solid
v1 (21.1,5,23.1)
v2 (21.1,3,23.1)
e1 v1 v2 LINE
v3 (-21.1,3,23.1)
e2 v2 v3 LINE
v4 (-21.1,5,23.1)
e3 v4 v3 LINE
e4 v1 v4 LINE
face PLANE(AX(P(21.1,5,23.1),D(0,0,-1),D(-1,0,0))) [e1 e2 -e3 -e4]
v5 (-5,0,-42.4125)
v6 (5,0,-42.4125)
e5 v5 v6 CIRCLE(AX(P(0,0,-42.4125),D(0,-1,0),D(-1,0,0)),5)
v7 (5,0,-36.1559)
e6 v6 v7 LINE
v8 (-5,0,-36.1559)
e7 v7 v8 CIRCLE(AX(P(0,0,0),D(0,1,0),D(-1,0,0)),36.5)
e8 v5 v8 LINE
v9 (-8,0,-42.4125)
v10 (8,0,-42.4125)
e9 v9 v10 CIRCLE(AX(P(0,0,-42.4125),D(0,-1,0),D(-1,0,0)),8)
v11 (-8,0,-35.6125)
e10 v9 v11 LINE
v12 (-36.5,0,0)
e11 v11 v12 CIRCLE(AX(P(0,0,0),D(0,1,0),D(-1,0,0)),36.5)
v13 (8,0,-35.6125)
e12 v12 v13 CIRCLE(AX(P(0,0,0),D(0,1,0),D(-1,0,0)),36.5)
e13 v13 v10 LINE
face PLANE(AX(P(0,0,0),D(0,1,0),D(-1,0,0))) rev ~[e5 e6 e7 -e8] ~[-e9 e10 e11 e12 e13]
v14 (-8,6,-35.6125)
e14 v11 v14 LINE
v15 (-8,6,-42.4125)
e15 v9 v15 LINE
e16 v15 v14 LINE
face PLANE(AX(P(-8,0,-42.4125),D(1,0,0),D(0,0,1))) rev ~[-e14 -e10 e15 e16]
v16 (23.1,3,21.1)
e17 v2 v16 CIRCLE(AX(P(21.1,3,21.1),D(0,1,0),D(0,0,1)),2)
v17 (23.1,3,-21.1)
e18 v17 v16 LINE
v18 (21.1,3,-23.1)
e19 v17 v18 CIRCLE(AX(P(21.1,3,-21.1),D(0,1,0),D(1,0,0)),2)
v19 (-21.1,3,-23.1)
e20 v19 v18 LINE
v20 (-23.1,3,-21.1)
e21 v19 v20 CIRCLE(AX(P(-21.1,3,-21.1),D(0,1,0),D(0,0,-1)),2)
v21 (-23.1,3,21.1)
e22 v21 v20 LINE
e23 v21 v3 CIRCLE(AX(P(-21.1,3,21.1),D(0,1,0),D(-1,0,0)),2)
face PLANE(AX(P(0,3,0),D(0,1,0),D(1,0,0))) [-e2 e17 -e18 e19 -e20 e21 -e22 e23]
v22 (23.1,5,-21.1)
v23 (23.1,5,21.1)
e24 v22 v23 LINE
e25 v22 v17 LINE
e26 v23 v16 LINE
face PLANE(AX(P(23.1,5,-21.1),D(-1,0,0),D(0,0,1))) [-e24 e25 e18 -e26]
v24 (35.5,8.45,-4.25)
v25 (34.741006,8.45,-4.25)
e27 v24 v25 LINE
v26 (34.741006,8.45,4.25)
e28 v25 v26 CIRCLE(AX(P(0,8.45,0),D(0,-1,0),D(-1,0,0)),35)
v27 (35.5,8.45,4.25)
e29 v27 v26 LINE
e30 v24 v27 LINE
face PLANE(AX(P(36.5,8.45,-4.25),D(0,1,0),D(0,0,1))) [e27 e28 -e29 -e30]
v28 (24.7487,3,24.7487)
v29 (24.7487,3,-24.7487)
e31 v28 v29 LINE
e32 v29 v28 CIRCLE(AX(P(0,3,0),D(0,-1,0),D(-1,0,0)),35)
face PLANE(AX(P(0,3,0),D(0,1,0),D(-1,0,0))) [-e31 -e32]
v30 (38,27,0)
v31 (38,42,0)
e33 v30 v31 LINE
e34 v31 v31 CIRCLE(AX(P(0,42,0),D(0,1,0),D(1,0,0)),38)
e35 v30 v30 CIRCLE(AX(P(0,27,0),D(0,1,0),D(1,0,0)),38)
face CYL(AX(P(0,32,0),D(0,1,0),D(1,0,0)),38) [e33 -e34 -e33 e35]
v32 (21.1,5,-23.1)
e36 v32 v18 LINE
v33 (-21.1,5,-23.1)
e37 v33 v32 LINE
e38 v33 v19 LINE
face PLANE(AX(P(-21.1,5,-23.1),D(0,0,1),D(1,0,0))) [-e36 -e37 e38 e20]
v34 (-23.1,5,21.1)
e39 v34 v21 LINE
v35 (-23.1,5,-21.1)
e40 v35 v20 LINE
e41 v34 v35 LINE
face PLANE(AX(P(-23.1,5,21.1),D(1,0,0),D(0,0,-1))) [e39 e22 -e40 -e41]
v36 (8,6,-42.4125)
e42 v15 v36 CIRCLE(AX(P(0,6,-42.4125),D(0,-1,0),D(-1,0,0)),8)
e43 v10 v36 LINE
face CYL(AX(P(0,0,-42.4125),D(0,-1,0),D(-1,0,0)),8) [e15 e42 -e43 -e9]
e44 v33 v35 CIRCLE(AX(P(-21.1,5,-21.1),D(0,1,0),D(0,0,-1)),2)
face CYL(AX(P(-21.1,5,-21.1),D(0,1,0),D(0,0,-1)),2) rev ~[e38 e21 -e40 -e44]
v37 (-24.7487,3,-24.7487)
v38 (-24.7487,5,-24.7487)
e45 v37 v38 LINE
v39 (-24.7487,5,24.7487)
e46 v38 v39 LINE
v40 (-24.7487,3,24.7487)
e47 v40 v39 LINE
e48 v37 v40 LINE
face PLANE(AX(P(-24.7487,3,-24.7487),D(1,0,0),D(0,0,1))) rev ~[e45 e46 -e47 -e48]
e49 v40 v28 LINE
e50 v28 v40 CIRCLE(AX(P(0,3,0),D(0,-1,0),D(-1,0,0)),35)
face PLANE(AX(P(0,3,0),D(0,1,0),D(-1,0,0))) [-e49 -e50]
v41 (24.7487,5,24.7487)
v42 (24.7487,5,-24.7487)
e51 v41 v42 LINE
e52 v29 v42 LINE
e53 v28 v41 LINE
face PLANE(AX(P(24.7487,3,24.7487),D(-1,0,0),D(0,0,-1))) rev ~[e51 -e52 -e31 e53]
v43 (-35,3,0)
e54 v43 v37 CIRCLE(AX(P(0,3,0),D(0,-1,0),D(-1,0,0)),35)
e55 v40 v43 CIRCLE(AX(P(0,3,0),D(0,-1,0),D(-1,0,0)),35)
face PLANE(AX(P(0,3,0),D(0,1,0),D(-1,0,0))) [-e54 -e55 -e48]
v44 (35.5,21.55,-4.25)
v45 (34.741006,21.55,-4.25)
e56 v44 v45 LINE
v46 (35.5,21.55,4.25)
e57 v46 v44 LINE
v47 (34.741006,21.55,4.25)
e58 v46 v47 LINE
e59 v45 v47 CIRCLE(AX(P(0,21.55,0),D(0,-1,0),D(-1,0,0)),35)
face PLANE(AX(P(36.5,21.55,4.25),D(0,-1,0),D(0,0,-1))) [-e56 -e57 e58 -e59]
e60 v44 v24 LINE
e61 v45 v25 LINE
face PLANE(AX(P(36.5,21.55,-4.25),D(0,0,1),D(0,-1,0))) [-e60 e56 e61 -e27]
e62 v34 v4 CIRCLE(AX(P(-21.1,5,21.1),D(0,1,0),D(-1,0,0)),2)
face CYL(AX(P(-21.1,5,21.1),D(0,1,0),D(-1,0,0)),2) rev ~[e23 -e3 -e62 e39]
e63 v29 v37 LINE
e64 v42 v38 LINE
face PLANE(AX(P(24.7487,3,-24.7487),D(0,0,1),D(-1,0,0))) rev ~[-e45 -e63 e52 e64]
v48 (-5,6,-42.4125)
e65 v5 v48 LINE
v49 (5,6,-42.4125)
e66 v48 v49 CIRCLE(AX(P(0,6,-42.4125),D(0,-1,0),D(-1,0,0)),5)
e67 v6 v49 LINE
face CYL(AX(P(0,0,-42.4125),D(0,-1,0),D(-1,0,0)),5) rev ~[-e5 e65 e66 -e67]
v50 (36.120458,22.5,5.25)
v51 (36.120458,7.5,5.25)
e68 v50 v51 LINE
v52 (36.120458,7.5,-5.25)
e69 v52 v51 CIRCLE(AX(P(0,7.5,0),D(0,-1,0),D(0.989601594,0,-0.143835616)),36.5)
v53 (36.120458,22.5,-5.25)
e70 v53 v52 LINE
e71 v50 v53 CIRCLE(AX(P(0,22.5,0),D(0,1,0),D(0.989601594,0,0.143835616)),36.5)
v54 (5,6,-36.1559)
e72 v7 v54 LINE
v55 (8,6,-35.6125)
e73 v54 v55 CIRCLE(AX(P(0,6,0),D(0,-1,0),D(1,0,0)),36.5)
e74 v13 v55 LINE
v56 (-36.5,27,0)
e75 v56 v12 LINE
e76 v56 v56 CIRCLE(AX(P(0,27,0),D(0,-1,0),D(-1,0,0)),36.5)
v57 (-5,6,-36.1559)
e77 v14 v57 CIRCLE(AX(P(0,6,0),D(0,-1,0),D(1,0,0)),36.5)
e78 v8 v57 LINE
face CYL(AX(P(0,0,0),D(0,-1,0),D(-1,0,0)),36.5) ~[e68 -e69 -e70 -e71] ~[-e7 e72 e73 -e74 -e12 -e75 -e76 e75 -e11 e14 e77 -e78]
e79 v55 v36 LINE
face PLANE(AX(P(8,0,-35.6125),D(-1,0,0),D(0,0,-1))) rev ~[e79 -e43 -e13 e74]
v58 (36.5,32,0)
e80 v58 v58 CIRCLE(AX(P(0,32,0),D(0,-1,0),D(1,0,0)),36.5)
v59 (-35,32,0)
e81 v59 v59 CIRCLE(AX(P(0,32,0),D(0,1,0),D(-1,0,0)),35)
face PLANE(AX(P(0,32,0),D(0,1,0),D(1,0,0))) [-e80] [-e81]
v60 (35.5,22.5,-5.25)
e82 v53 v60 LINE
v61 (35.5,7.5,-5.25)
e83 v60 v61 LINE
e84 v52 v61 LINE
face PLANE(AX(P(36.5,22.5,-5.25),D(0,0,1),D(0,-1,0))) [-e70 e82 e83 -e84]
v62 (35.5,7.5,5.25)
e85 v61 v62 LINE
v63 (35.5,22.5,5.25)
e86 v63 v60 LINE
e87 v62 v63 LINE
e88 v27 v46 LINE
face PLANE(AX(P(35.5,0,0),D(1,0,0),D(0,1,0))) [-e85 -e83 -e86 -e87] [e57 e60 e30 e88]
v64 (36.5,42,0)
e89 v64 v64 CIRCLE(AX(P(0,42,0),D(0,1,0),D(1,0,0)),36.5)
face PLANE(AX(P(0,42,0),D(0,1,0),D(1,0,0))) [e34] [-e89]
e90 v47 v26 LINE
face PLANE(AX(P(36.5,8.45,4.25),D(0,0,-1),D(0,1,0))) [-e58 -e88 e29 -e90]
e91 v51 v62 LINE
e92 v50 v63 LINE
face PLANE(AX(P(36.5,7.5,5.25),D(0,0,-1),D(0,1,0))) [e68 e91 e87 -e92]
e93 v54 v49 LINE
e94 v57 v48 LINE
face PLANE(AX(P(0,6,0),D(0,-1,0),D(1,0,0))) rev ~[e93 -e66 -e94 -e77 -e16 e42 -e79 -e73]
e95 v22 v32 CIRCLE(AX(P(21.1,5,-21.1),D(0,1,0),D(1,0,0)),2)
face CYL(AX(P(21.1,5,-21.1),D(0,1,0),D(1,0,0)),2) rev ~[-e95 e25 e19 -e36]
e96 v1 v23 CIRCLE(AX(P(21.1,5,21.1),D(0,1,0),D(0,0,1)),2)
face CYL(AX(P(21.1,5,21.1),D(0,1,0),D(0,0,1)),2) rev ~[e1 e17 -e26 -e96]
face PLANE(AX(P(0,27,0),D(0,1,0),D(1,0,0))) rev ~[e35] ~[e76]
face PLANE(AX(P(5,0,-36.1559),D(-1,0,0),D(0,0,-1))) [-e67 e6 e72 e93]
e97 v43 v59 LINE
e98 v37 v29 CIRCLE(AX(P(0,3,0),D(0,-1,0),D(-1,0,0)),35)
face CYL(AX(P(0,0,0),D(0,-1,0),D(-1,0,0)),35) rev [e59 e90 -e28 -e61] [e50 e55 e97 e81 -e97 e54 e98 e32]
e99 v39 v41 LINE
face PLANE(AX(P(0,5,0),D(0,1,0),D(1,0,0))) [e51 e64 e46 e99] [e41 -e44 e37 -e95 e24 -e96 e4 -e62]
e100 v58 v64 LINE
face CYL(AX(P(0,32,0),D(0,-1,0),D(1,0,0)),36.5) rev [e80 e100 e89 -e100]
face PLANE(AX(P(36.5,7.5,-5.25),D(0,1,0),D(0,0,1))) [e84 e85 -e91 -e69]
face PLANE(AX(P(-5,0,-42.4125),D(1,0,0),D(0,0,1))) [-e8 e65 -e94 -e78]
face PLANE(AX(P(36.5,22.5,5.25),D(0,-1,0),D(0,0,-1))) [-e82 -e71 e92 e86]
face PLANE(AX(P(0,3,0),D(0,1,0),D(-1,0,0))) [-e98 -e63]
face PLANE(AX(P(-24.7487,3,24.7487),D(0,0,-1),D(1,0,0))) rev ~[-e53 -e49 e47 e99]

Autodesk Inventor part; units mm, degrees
sketch "Sketch1" plane through (0, 0, 0) normal (0, 1, 0) x (-1, 0, 0)
  circle A0 centre (0, 0) radius 36.5
  circle A1 centre (0, 0) radius 35
  dimension "d0" = 73
  dimension "d1" = 70
extrude "Extrusion1" add sketch "Sketch1" along normal blind 3 contours A0 | A1
extrude "Extrusion2" add sketch "Sketch1" along normal blind 120
sketch "Sketch2" plane through (0, 3, 0) normal (0, 1, 0) x (1, 0, 0)
  circle A0 centre (0, 0) radius 35 projected
  line L0 (-24.7487, -24.7487) -> (24.7487, -24.7487)
  line L1 (24.7487, -24.7487) -> (24.7487, 24.7487)
  line L2 (24.7487, 24.7487) -> (-24.7487, 24.7487)
  line L3 (-24.7487, 24.7487) -> (-24.7487, -24.7487)
  line L4 (-24.7487, -24.7487) -> (24.7487, 24.7487) construction
  line L5 (24.7487, -24.7487) -> (-24.7487, 24.7487) construction
extrude "Extrusion3" add sketch "Sketch2" along normal blind 2 contours L1 L0 L3 L2
sketch "Sketch3" plane through (0, 5, 0) normal (0, 1, 0) x (1, 0, 0)
  line L0 (21.1, -23.1) -> (-21.1, -23.1)
  line L1 (-23.1, -21.1) -> (-23.1, 21.1)
  line L2 (-21.1, 23.1) -> (21.1, 23.1)
  line L3 (23.1, 21.1) -> (23.1, -21.1)
  line L4 (23.1, -23.1) -> (-23.1, 23.1) construction
  line L5 (-23.1, -23.1) -> (23.1, 23.1) construction
  arc A0 (-23.1, -21.1) -> (-21.1, -23.1) centre (-21.1, -21.1) ccw
  arc A1 (21.1, -23.1) -> (23.1, -21.1) centre (21.1, -21.1) ccw
  arc A2 (23.1, 21.1) -> (21.1, 23.1) centre (21.1, 21.1) ccw
  arc A3 (-21.1, 23.1) -> (-23.1, 21.1) centre (-21.1, 21.1) ccw
  point P0 (0, 0)
  dimension "d11" = 46.2
  dimension "d12" = 46.2
  dimension "d13" = 2
extrude "Extrusion4" cut sketch "Sketch3" against normal blind 2
sketch "Sketch4" plane through (0, 0, 0) normal (1, 0, 0) x (0, 1, 0)
  line L0 (120, 35) -> (120, -35) projected
  line L1 (120, 0) -> (120, -19.5)
  line L2 (120, -19.5) -> (120, -27)
  circle A0 centre (120, -27) radius 9
  point P0 (0, 0)
  dimension "d16" = 19.5
  dimension "d17" = 7.5
  dimension "d18" = 18
extrude "Extrusion5" cut sketch "Sketch4" along normal through all
sketch "Sketch5" plane through (0, 0, 0) normal (0, -1, 0) x (1, 0, 0)
  line L0 (5, -36.1559) -> (5, -42.4125)
  line L1 (5, -42.4125) -> (-5, -42.4125)
  line L2 (-5, -42.4125) -> (-5, -36.1559)
  line L3 (-5, -30.5875) -> (5, -42.4125) construction
  line L4 (5, -30.5875) -> (-5, -42.4125) construction
  circle A0 centre (0, 0) radius 36.5 projected
  line L5 (8, -35.6125) -> (8, -42.4125)
  line L6 (8, -42.4125) -> (-8, -42.4125)
  line L7 (-8, -42.4125) -> (-8, -35.6125)
  line L8 (-8, -30.5875) -> (8, -42.4125) construction
  line L9 (8, -30.5875) -> (-8, -42.4125) construction
  circle A1 centre (0, 0) radius 36.5
  arc A2 (5, -36.1675) -> (4.9876, -36.1576) centre (0, -42.4125) ccw
  arc A3 (-4.9876, -36.1576) -> (-5, -36.1675) centre (0, -42.4125) ccw
  arc A4 (-8, -42.4125) -> (8, -42.4125) centre (0, -42.4125) ccw
  arc A5 (-5, -42.4125) -> (5, -42.4125) centre (0, -42.4125) ccw
  point P0 (0, -36.5)
  dimension "d21" = 10
  dimension "d22" = 36.5
  dimension "d23" = 16
extrude "Extrusion6" add sketch "Sketch5" against normal blind 6 contours A0 L5 L6 L0 | L6 A4 A5 | L6 L7 A0 L2
ref_plane "Work Plane2" through (36.5, 0, 0) normal (1, 0, 0) x (0, 1, 0)
sketch "Sketch8" plane through (36.5, 0, 0) normal (1, 0, 0) x (0, 1, 0)
  line L0 (8.45, 4.25) -> (21.55, 4.25)
  line L1 (21.55, 4.25) -> (21.55, -4.25)
  line L2 (21.55, -4.25) -> (8.45, -4.25)
  line L3 (8.45, -4.25) -> (8.45, 4.25)
  line L4 (8.45, 4.25) -> (21.55, -4.25) construction
  line L5 (21.55, 4.25) -> (8.45, -4.25) construction
  line L6 (7.5, 5.25) -> (22.5, 5.25)
  line L7 (22.5, 5.25) -> (22.5, -5.25)
  line L8 (22.5, -5.25) -> (7.5, -5.25)
  line L9 (7.5, -5.25) -> (7.5, 5.25)
  line L10 (7.5, 5.25) -> (22.5, -5.25) construction
  line L11 (22.5, 5.25) -> (7.5, -5.25) construction
  point P0 (0, 0)
  point P1 (15, 0)
  dimension "d38" = 13.1
  dimension "d39" = 8.5
  dimension "d40" = 0
  dimension "d41" = 15
  dimension "d42" = 10.5
  dimension "d43" = 15
extrude "Extrusion9" cut sketch "Sketch8" against normal blind 3 contours L0 L1 L2 L3
extrude "Extrusion10" cut sketch "Sketch8" against normal blind 1
ref_plane "Work Plane3" through (0, 93, 0) normal (0, 1, 0) x (1, 0, 0)
ref_plane "Work Plane5" through (0, 32, 0) normal (0, 1, 0) x (1, 0, 0)
sketch "Sketch13" plane through (0, 32, 0) normal (0, 1, 0) x (1, 0, 0)
  circle A0 centre (0, 0) radius 20
  line L0 (24.7487, 24.7487) -> (-24.7487, 24.7487) projected
  circle A1 centre (0, 0) radius 35
  dimension "d61" = 40
extrude "Extrusion14" add sketch "Sketch13" along normal blind 3
sketch "Sketch15" plane through (0, 32, 0) normal (0, 1, 0) x (1, 0, 0)
  circle A0 centre (0, 0) radius 61.7615
extrude "Extrusion16" cut sketch "Sketch15" along normal through all
sketch "Sketch16" plane through (0, 32, 0) normal (0, 1, 0) x (1, 0, 0)
  circle A0 centre (0, 0) radius 36.5
  circle A1 centre (0, 0) radius 38
  dimension "d68" = 76
  dimension "d69" = 73
extrude "Extrusion17" add sketch "Sketch16" along normal blind 10 and the other way blind 5
properties part number "bottom bottom"
